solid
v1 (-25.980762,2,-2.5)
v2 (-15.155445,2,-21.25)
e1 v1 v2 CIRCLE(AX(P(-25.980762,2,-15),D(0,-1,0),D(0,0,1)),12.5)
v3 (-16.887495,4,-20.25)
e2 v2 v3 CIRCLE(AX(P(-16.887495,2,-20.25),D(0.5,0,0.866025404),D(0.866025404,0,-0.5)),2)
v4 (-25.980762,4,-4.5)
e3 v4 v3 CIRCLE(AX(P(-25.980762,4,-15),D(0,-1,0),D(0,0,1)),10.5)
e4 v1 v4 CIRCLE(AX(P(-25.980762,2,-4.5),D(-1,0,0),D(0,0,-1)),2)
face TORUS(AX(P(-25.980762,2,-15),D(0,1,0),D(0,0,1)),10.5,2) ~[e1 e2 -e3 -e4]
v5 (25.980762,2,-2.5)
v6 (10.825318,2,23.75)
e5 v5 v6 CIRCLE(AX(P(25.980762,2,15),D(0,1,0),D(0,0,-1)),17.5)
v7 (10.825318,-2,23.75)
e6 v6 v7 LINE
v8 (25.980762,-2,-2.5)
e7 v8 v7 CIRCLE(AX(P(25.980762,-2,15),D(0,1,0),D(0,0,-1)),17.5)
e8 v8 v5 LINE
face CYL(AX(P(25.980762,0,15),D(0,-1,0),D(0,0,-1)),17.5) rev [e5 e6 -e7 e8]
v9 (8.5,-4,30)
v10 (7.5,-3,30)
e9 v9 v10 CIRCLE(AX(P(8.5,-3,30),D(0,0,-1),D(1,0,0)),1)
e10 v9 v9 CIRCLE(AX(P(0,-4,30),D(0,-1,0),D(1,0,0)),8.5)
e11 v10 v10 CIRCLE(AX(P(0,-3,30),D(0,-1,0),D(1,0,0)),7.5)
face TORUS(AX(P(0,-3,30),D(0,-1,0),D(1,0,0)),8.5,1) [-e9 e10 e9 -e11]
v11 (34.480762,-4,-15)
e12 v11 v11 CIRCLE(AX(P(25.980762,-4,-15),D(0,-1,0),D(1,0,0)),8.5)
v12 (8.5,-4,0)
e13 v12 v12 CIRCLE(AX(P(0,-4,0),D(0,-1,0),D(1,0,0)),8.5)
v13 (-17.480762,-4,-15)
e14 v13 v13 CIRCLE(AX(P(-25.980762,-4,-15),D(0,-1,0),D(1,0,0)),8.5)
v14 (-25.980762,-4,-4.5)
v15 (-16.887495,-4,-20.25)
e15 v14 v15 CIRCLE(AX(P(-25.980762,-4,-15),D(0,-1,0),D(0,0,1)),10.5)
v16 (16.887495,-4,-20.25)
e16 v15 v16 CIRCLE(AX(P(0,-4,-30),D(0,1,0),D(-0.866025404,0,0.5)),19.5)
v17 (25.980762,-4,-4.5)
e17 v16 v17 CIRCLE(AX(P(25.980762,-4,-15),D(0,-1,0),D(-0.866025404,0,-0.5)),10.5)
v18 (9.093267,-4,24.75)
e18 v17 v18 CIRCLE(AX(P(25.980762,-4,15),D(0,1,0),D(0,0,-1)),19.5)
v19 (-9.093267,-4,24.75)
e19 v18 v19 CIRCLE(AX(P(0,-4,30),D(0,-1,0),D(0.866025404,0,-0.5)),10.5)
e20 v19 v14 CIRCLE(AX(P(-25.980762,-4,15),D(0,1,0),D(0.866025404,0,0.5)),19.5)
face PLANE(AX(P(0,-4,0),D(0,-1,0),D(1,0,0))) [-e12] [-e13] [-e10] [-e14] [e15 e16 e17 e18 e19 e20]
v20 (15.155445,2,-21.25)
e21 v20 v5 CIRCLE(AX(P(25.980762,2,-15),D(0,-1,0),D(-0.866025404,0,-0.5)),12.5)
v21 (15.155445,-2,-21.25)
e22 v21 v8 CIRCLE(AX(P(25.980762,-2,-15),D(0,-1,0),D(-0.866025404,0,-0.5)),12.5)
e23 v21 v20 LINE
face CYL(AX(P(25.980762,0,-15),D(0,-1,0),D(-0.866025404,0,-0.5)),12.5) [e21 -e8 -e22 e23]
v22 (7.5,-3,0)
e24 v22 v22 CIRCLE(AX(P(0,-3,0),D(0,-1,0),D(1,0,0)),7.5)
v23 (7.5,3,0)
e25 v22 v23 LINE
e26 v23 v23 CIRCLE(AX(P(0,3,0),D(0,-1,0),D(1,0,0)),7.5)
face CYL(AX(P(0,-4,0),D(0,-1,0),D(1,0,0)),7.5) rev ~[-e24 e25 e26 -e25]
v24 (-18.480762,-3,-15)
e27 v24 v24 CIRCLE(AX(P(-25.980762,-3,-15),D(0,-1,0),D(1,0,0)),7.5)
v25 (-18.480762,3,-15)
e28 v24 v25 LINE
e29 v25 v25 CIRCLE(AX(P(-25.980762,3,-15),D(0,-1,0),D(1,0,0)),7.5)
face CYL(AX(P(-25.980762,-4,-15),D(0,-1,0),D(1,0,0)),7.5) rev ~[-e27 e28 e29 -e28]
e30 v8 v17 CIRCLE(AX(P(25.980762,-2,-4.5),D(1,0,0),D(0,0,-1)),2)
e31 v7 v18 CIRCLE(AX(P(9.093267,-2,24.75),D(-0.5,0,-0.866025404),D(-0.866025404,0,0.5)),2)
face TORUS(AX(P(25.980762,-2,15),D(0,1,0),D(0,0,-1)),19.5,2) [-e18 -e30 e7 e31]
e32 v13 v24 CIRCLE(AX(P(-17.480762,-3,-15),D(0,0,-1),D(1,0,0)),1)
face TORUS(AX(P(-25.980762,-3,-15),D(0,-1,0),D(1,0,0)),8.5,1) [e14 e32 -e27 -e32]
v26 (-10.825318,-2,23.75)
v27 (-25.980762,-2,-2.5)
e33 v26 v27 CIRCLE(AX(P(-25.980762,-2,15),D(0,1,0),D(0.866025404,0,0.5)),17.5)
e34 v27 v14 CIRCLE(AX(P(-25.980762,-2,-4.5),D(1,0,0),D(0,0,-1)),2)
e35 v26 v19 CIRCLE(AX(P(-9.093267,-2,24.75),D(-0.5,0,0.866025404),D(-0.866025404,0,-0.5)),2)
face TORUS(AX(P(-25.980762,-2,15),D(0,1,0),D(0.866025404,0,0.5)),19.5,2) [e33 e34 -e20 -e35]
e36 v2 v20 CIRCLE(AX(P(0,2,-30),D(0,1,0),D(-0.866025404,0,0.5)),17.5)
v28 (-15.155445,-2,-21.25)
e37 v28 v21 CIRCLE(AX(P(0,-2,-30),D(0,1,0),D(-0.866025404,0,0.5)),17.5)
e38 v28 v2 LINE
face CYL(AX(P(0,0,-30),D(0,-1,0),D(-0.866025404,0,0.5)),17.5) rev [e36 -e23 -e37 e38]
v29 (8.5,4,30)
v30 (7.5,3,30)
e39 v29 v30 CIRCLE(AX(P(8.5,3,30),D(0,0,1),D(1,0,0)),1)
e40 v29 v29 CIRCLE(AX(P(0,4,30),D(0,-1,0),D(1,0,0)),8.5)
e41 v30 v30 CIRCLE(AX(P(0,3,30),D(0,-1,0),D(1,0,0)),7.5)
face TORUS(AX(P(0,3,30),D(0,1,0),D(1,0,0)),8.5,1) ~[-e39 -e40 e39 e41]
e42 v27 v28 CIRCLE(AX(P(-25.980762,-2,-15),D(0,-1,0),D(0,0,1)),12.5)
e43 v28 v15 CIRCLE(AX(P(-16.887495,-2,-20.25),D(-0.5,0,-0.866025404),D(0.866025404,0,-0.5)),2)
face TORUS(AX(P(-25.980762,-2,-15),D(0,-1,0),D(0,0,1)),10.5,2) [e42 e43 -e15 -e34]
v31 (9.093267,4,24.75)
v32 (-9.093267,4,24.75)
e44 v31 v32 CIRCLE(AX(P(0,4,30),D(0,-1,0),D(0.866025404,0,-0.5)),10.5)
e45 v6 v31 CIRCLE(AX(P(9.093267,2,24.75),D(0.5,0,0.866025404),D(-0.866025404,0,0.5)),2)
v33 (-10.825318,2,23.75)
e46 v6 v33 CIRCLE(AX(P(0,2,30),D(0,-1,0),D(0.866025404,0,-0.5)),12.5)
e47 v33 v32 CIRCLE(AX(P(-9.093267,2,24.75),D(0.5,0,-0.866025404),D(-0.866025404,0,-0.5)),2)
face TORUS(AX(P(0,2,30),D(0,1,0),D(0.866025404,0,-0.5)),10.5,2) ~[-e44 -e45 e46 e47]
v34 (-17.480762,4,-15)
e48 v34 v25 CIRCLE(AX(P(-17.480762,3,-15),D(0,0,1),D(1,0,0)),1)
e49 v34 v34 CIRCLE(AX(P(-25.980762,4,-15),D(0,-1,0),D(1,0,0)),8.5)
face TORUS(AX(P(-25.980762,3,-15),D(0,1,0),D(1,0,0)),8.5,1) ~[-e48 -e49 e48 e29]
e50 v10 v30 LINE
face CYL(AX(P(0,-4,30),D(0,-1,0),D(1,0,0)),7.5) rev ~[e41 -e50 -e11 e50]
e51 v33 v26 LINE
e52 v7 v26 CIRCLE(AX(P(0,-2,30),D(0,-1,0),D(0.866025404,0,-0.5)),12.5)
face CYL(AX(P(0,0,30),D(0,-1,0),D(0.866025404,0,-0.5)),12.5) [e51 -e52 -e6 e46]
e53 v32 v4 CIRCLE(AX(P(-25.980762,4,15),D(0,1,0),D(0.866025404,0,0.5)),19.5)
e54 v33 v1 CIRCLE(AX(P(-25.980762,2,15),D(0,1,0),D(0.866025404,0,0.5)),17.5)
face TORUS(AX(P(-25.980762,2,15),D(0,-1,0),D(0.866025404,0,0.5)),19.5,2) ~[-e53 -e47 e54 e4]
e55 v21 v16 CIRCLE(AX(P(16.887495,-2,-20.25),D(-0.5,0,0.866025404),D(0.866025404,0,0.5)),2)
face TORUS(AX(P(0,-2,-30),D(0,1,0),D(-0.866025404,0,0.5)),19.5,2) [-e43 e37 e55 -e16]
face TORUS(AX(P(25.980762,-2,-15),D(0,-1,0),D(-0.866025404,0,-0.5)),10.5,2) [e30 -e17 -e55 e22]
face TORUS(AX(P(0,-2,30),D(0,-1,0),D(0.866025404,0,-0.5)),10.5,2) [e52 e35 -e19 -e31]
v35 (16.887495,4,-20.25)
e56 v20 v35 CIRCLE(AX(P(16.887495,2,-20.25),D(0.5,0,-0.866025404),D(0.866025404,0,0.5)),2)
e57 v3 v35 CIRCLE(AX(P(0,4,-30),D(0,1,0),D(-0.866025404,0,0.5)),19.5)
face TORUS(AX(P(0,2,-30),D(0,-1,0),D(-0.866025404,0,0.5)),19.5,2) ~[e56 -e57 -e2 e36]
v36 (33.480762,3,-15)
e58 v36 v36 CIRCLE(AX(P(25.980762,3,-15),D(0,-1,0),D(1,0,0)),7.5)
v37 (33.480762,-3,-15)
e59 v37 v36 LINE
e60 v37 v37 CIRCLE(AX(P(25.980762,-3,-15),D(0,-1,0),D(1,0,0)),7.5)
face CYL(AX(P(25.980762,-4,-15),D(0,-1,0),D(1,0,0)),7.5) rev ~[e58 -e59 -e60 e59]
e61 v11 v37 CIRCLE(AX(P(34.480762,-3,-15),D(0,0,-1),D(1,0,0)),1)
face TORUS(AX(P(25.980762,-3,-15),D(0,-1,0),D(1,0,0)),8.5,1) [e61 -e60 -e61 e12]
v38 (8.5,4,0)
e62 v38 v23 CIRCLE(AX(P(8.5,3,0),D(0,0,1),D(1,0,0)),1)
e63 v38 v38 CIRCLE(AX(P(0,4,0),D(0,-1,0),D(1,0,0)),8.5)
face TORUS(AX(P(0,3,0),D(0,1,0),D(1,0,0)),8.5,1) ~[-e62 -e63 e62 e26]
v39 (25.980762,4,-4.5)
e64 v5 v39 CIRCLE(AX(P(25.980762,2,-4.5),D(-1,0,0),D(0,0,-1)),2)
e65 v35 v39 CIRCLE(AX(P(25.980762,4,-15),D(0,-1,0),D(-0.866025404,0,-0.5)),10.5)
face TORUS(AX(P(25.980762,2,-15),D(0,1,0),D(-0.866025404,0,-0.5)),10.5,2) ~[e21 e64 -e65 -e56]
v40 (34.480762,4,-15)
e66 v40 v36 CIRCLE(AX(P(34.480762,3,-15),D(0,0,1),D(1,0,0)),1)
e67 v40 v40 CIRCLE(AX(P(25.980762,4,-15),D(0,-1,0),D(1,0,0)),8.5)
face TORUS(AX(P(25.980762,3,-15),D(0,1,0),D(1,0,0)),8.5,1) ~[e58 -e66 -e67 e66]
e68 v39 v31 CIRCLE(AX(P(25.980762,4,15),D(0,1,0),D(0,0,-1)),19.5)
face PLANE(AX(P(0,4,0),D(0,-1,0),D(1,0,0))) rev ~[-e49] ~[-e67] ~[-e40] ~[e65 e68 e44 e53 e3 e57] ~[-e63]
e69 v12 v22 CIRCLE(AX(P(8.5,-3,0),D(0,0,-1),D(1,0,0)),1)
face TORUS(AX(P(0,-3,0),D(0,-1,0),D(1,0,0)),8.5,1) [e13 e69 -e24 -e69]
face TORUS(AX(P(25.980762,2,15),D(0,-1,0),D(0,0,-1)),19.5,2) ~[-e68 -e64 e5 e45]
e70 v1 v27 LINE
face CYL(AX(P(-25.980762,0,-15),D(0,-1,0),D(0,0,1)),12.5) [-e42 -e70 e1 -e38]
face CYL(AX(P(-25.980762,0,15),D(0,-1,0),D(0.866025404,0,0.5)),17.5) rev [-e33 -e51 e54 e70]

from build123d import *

# Parameters (mm, degrees)
F1_DEPTH = 4
F2_R     = 2
F3_R     = 7.5
F4_DEPTH = 8.001
F5_R     = 7.5
F6_DEPTH = 8.001
F7_R     = 1


with BuildPart() as f1:
    # F0 (on Front) → F1 (new body, symmetric)
    with BuildSketch(Plane.XZ):
        with BuildLine():
            ThreePointArc((25.9807621135, -2.5), (10.8253175473, 6.25), (10.8253175473, 23.75))
            ThreePointArc((10.8253175473, 23.75), (0, 42.5), (-10.8253175473, 23.75))
            ThreePointArc((-10.8253175473, 23.75), (-10.8253175473, 6.25), (-25.9807621135, -2.5))
            ThreePointArc((-25.9807621135, -2.5), (-36.8060796608, -21.25), (-15.1554445662, -21.25))
            ThreePointArc((-15.1554445662, -21.25), (0, -12.5), (15.1554445662, -21.25))
            ThreePointArc((15.1554445662, -21.25), (36.8060796608, -21.25), (25.9807621135, -2.5))
        make_face()
    extrude(amount=F1_DEPTH, both=True)

    # F2
    f2_edges = [f1.edges().sort_by_distance(p)[0] for p in [
        (10.825318, -4, 6.25),
        (0, -4, 42.5),
        (-10.825318, -4, 6.25),
        (-36.80608, -4, -21.25),
        (0, -4, -12.5),
        (36.80608, -4, -21.25),
        (10.825318, 4, 6.25),
        (0, 4, 42.5),
        (-10.825318, 4, 6.25),
        (-36.80608, 4, -21.25),
        (0, 4, -12.5),
        (36.80608, 4, -21.25),
    ]]
    fillet(f2_edges, radius=F2_R)

    # F3 (on face) → F4 (cut, through all)
    with BuildSketch(Plane.XZ.offset(4)):
        Circle(F3_R)
    extrude(amount=-F4_DEPTH, mode=Mode.SUBTRACT)

    # F5 (on face) → F6 (cut, through all)
    with BuildSketch(Plane.XZ.offset(4)):
        with Locations((0, 30)):
            Circle(F5_R)
        with Locations((-25.9807621135, -15)):
            Circle(F5_R)
        with Locations((25.9807621135, -15)):
            Circle(F5_R)
    extrude(amount=-F6_DEPTH, mode=Mode.SUBTRACT)

    # F7
    f7_edges = [f1.edges().sort_by_distance(p)[0] for p in [
        (9.093267, -4, 5.25),
        (35.074029, -4, -20.25),
        (0, -4, 40.5),
        (0, -4, -10.5),
        (-9.093267, -4, 5.25),
        (-35.074029, -4, -20.25),
        (-33.480762, -4, -15),
        (18.480762, -4, -15),
        (-7.5, -4, 0),
        (-7.5, -4, 30),
        (9.093267, 4, 5.25),
        (35.074029, 4, -20.25),
        (0, 4, 40.5),
        (0, 4, -10.5),
        (-9.093267, 4, 5.25),
        (-35.074029, 4, -20.25),
        (-33.480762, 4, -15),
        (18.480762, 4, -15),
        (-7.5, 4, 0),
        (-7.5, 4, 30),
    ]]
    fillet(f7_edges, radius=F7_R)


solid = f1.part
